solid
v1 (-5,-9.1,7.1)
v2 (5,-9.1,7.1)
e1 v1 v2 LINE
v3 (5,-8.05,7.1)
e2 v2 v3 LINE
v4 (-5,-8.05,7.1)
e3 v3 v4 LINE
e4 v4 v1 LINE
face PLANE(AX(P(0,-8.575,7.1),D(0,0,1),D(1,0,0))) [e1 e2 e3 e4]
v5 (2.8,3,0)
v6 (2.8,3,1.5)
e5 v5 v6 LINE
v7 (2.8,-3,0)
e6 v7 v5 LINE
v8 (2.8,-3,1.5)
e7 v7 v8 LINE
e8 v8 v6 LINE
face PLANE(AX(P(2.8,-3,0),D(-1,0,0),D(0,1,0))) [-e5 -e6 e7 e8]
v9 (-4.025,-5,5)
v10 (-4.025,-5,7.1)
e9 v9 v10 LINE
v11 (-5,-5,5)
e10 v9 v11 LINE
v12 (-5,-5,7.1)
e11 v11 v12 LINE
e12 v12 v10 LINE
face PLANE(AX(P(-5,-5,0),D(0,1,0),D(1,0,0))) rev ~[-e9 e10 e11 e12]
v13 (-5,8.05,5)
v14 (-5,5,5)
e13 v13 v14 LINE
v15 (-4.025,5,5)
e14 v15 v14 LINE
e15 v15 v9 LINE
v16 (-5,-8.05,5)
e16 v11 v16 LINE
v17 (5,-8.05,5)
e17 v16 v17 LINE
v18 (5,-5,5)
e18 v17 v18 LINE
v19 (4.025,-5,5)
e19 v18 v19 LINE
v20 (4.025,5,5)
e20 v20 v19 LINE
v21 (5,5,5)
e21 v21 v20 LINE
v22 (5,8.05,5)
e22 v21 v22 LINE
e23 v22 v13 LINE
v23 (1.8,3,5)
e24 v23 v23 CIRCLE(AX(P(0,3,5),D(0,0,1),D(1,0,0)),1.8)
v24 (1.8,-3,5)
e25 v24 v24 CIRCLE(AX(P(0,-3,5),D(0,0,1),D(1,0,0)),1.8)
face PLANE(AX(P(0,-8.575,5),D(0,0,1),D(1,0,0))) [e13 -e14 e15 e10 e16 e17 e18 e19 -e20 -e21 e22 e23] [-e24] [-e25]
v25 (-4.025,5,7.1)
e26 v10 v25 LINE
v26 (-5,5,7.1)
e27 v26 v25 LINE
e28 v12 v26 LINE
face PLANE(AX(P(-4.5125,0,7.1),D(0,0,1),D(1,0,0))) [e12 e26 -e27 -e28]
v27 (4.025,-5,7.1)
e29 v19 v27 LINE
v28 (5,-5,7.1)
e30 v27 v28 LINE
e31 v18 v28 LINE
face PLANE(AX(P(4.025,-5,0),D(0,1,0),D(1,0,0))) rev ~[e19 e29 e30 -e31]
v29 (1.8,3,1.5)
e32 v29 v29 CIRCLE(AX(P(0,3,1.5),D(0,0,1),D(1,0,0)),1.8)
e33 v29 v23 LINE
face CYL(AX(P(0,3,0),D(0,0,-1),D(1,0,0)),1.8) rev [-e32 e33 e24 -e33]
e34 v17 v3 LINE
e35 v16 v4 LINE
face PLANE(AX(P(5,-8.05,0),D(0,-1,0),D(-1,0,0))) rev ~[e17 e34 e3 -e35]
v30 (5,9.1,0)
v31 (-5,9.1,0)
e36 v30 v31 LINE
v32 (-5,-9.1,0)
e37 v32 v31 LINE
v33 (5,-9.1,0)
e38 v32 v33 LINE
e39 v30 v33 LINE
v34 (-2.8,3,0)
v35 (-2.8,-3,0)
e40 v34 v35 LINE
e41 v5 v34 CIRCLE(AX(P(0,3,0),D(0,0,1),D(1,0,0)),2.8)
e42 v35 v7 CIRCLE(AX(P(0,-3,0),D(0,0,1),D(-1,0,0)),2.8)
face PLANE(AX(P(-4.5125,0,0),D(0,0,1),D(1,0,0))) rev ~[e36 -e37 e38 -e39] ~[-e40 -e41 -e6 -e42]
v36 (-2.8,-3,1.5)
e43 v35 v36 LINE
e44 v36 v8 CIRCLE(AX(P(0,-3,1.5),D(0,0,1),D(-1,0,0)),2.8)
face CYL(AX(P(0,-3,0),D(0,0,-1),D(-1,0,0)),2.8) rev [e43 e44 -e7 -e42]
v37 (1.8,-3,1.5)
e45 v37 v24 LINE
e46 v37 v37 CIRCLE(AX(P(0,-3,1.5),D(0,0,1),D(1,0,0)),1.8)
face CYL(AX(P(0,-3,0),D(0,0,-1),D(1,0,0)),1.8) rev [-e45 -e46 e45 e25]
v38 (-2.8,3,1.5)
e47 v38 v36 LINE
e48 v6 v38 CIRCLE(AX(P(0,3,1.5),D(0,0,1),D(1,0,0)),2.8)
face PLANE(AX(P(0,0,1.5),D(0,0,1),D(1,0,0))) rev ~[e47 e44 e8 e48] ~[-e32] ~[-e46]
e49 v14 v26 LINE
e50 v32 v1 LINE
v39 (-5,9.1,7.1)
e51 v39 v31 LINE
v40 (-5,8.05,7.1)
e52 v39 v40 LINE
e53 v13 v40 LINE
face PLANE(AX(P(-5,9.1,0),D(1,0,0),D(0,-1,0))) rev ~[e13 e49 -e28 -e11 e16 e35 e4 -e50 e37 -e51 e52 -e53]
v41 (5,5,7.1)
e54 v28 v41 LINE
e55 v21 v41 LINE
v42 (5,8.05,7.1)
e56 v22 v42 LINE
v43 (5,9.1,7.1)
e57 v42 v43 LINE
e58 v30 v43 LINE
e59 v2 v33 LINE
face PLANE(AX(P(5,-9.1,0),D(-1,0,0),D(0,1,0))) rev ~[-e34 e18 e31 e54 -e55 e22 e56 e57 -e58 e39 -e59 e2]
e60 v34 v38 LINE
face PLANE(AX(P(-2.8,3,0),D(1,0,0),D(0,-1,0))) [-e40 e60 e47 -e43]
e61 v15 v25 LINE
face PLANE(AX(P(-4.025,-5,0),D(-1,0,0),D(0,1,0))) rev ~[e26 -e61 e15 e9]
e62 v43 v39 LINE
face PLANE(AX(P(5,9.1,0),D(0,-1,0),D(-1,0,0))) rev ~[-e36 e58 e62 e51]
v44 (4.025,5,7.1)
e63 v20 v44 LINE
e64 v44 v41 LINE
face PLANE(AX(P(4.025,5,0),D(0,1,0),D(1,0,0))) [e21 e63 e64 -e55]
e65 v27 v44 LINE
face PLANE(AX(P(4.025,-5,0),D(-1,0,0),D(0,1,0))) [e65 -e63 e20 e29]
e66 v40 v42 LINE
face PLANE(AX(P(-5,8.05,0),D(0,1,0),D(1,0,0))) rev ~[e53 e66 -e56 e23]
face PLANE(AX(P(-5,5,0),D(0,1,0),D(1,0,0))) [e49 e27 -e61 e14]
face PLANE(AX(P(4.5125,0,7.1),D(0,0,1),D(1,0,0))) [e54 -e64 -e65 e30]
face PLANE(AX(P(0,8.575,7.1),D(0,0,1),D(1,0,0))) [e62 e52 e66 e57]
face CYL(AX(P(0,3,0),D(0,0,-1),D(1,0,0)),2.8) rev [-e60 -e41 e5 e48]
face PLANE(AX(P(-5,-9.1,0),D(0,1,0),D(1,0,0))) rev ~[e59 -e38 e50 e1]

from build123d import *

# Parameters (mm, degrees)
F0_W     = 0.975
F0_H     = 3.05
F0_H_2   = 10
F0_R     = 1.8
F1_DEPTH = 5
F2_DEPTH = 1.5
F3_DEPTH = 7.1


with BuildPart() as f1:
    # F0 (on Top) → F1 (new body)
    with BuildSketch(Plane.XY):
        Polygon((5, -9.1), (5, -8.05), (4.025, -8.05), (-4.025, -8.05), (-5, -8.05), (-5, -9.1), align=None)
        with Locations((4.5125, -6.525)):
            Rectangle(F0_W, F0_H)
        Polygon((4.025, 5), (4.025, 8.05), (-4.025, 8.05), (-4.025, 5), (-4.025, -5), (-4.025, -8.05), (4.025, -8.05), (4.025, -5), align=None)
        with BuildLine():
            ThreePointArc((-2.8, 3), (0, 5.8), (2.8, 3))
            Line((2.8, 3), (2.8, 0))
            Line((2.8, 0), (2.8, -3))
            ThreePointArc((2.8, -3), (0, -5.8), (-2.8, -3))
            Line((-2.8, -3), (-2.8, 0))
            Line((-2.8, 0), (-2.8, 3))
        make_face(mode=Mode.SUBTRACT)
        with Locations((-4.5125, -6.525)):
            Rectangle(F0_W, F0_H)
        with Locations((-4.5125, 0)):
            Rectangle(F0_W, F0_H_2)
        with Locations((4.5125, 0)):
            Rectangle(F0_W, F0_H_2)
        with Locations((4.5125, 6.525)):
            Rectangle(F0_W, F0_H)
        Polygon((5, 8.05), (5, 9.1), (-5, 9.1), (-5, 8.05), (-4.025, 8.05), (4.025, 8.05), align=None)
        with BuildLine():
            Line((2.8, 0), (2.8, 3))
            ThreePointArc((2.8, 3), (0, 5.8), (-2.8, 3))
            Line((-2.8, 3), (-2.8, 0))
            Line((-2.8, 0), (-2.8, -3))
            ThreePointArc((-2.8, -3), (0, -5.8), (2.8, -3))
            Line((2.8, -3), (2.8, 0))
        make_face()
        with Locations((0, -3)):
            Circle(F0_R, mode=Mode.SUBTRACT)
        with Locations((0, 3)):
            Circle(F0_R, mode=Mode.SUBTRACT)
        with Locations((-4.5125, 6.525)):
            Rectangle(F0_W, F0_H)
    extrude(amount=F1_DEPTH)

    # F0 (on Top) → F2 (cut)
    with BuildSketch(Plane.XY):
        with BuildLine():
            Line((2.8, 0), (2.8, 3))
            ThreePointArc((2.8, 3), (0, 5.8), (-2.8, 3))
            Line((-2.8, 3), (-2.8, 0))
            Line((-2.8, 0), (-2.8, -3))
            ThreePointArc((-2.8, -3), (0, -5.8), (2.8, -3))
            Line((2.8, -3), (2.8, 0))
        make_face()
        with Locations((0, -3)):
            Circle(F0_R, mode=Mode.SUBTRACT)
        with Locations((0, 3)):
            Circle(F0_R, mode=Mode.SUBTRACT)
    extrude(amount=F2_DEPTH, mode=Mode.SUBTRACT)

    # F0 (on Top) → F3 (join)
    with BuildSketch(Plane.XY):
        with Locations((-4.5125, 0)):
            Rectangle(F0_W, F0_H_2)
        Polygon((5, -9.1), (5, -8.05), (4.025, -8.05), (-4.025, -8.05), (-5, -8.05), (-5, -9.1), align=None)
        with Locations((4.5125, 0)):
            Rectangle(F0_W, F0_H_2)
        Polygon((5, 8.05), (5, 9.1), (-5, 9.1), (-5, 8.05), (-4.025, 8.05), (4.025, 8.05), align=None)
    extrude(amount=F3_DEPTH)


solid = f1.part
